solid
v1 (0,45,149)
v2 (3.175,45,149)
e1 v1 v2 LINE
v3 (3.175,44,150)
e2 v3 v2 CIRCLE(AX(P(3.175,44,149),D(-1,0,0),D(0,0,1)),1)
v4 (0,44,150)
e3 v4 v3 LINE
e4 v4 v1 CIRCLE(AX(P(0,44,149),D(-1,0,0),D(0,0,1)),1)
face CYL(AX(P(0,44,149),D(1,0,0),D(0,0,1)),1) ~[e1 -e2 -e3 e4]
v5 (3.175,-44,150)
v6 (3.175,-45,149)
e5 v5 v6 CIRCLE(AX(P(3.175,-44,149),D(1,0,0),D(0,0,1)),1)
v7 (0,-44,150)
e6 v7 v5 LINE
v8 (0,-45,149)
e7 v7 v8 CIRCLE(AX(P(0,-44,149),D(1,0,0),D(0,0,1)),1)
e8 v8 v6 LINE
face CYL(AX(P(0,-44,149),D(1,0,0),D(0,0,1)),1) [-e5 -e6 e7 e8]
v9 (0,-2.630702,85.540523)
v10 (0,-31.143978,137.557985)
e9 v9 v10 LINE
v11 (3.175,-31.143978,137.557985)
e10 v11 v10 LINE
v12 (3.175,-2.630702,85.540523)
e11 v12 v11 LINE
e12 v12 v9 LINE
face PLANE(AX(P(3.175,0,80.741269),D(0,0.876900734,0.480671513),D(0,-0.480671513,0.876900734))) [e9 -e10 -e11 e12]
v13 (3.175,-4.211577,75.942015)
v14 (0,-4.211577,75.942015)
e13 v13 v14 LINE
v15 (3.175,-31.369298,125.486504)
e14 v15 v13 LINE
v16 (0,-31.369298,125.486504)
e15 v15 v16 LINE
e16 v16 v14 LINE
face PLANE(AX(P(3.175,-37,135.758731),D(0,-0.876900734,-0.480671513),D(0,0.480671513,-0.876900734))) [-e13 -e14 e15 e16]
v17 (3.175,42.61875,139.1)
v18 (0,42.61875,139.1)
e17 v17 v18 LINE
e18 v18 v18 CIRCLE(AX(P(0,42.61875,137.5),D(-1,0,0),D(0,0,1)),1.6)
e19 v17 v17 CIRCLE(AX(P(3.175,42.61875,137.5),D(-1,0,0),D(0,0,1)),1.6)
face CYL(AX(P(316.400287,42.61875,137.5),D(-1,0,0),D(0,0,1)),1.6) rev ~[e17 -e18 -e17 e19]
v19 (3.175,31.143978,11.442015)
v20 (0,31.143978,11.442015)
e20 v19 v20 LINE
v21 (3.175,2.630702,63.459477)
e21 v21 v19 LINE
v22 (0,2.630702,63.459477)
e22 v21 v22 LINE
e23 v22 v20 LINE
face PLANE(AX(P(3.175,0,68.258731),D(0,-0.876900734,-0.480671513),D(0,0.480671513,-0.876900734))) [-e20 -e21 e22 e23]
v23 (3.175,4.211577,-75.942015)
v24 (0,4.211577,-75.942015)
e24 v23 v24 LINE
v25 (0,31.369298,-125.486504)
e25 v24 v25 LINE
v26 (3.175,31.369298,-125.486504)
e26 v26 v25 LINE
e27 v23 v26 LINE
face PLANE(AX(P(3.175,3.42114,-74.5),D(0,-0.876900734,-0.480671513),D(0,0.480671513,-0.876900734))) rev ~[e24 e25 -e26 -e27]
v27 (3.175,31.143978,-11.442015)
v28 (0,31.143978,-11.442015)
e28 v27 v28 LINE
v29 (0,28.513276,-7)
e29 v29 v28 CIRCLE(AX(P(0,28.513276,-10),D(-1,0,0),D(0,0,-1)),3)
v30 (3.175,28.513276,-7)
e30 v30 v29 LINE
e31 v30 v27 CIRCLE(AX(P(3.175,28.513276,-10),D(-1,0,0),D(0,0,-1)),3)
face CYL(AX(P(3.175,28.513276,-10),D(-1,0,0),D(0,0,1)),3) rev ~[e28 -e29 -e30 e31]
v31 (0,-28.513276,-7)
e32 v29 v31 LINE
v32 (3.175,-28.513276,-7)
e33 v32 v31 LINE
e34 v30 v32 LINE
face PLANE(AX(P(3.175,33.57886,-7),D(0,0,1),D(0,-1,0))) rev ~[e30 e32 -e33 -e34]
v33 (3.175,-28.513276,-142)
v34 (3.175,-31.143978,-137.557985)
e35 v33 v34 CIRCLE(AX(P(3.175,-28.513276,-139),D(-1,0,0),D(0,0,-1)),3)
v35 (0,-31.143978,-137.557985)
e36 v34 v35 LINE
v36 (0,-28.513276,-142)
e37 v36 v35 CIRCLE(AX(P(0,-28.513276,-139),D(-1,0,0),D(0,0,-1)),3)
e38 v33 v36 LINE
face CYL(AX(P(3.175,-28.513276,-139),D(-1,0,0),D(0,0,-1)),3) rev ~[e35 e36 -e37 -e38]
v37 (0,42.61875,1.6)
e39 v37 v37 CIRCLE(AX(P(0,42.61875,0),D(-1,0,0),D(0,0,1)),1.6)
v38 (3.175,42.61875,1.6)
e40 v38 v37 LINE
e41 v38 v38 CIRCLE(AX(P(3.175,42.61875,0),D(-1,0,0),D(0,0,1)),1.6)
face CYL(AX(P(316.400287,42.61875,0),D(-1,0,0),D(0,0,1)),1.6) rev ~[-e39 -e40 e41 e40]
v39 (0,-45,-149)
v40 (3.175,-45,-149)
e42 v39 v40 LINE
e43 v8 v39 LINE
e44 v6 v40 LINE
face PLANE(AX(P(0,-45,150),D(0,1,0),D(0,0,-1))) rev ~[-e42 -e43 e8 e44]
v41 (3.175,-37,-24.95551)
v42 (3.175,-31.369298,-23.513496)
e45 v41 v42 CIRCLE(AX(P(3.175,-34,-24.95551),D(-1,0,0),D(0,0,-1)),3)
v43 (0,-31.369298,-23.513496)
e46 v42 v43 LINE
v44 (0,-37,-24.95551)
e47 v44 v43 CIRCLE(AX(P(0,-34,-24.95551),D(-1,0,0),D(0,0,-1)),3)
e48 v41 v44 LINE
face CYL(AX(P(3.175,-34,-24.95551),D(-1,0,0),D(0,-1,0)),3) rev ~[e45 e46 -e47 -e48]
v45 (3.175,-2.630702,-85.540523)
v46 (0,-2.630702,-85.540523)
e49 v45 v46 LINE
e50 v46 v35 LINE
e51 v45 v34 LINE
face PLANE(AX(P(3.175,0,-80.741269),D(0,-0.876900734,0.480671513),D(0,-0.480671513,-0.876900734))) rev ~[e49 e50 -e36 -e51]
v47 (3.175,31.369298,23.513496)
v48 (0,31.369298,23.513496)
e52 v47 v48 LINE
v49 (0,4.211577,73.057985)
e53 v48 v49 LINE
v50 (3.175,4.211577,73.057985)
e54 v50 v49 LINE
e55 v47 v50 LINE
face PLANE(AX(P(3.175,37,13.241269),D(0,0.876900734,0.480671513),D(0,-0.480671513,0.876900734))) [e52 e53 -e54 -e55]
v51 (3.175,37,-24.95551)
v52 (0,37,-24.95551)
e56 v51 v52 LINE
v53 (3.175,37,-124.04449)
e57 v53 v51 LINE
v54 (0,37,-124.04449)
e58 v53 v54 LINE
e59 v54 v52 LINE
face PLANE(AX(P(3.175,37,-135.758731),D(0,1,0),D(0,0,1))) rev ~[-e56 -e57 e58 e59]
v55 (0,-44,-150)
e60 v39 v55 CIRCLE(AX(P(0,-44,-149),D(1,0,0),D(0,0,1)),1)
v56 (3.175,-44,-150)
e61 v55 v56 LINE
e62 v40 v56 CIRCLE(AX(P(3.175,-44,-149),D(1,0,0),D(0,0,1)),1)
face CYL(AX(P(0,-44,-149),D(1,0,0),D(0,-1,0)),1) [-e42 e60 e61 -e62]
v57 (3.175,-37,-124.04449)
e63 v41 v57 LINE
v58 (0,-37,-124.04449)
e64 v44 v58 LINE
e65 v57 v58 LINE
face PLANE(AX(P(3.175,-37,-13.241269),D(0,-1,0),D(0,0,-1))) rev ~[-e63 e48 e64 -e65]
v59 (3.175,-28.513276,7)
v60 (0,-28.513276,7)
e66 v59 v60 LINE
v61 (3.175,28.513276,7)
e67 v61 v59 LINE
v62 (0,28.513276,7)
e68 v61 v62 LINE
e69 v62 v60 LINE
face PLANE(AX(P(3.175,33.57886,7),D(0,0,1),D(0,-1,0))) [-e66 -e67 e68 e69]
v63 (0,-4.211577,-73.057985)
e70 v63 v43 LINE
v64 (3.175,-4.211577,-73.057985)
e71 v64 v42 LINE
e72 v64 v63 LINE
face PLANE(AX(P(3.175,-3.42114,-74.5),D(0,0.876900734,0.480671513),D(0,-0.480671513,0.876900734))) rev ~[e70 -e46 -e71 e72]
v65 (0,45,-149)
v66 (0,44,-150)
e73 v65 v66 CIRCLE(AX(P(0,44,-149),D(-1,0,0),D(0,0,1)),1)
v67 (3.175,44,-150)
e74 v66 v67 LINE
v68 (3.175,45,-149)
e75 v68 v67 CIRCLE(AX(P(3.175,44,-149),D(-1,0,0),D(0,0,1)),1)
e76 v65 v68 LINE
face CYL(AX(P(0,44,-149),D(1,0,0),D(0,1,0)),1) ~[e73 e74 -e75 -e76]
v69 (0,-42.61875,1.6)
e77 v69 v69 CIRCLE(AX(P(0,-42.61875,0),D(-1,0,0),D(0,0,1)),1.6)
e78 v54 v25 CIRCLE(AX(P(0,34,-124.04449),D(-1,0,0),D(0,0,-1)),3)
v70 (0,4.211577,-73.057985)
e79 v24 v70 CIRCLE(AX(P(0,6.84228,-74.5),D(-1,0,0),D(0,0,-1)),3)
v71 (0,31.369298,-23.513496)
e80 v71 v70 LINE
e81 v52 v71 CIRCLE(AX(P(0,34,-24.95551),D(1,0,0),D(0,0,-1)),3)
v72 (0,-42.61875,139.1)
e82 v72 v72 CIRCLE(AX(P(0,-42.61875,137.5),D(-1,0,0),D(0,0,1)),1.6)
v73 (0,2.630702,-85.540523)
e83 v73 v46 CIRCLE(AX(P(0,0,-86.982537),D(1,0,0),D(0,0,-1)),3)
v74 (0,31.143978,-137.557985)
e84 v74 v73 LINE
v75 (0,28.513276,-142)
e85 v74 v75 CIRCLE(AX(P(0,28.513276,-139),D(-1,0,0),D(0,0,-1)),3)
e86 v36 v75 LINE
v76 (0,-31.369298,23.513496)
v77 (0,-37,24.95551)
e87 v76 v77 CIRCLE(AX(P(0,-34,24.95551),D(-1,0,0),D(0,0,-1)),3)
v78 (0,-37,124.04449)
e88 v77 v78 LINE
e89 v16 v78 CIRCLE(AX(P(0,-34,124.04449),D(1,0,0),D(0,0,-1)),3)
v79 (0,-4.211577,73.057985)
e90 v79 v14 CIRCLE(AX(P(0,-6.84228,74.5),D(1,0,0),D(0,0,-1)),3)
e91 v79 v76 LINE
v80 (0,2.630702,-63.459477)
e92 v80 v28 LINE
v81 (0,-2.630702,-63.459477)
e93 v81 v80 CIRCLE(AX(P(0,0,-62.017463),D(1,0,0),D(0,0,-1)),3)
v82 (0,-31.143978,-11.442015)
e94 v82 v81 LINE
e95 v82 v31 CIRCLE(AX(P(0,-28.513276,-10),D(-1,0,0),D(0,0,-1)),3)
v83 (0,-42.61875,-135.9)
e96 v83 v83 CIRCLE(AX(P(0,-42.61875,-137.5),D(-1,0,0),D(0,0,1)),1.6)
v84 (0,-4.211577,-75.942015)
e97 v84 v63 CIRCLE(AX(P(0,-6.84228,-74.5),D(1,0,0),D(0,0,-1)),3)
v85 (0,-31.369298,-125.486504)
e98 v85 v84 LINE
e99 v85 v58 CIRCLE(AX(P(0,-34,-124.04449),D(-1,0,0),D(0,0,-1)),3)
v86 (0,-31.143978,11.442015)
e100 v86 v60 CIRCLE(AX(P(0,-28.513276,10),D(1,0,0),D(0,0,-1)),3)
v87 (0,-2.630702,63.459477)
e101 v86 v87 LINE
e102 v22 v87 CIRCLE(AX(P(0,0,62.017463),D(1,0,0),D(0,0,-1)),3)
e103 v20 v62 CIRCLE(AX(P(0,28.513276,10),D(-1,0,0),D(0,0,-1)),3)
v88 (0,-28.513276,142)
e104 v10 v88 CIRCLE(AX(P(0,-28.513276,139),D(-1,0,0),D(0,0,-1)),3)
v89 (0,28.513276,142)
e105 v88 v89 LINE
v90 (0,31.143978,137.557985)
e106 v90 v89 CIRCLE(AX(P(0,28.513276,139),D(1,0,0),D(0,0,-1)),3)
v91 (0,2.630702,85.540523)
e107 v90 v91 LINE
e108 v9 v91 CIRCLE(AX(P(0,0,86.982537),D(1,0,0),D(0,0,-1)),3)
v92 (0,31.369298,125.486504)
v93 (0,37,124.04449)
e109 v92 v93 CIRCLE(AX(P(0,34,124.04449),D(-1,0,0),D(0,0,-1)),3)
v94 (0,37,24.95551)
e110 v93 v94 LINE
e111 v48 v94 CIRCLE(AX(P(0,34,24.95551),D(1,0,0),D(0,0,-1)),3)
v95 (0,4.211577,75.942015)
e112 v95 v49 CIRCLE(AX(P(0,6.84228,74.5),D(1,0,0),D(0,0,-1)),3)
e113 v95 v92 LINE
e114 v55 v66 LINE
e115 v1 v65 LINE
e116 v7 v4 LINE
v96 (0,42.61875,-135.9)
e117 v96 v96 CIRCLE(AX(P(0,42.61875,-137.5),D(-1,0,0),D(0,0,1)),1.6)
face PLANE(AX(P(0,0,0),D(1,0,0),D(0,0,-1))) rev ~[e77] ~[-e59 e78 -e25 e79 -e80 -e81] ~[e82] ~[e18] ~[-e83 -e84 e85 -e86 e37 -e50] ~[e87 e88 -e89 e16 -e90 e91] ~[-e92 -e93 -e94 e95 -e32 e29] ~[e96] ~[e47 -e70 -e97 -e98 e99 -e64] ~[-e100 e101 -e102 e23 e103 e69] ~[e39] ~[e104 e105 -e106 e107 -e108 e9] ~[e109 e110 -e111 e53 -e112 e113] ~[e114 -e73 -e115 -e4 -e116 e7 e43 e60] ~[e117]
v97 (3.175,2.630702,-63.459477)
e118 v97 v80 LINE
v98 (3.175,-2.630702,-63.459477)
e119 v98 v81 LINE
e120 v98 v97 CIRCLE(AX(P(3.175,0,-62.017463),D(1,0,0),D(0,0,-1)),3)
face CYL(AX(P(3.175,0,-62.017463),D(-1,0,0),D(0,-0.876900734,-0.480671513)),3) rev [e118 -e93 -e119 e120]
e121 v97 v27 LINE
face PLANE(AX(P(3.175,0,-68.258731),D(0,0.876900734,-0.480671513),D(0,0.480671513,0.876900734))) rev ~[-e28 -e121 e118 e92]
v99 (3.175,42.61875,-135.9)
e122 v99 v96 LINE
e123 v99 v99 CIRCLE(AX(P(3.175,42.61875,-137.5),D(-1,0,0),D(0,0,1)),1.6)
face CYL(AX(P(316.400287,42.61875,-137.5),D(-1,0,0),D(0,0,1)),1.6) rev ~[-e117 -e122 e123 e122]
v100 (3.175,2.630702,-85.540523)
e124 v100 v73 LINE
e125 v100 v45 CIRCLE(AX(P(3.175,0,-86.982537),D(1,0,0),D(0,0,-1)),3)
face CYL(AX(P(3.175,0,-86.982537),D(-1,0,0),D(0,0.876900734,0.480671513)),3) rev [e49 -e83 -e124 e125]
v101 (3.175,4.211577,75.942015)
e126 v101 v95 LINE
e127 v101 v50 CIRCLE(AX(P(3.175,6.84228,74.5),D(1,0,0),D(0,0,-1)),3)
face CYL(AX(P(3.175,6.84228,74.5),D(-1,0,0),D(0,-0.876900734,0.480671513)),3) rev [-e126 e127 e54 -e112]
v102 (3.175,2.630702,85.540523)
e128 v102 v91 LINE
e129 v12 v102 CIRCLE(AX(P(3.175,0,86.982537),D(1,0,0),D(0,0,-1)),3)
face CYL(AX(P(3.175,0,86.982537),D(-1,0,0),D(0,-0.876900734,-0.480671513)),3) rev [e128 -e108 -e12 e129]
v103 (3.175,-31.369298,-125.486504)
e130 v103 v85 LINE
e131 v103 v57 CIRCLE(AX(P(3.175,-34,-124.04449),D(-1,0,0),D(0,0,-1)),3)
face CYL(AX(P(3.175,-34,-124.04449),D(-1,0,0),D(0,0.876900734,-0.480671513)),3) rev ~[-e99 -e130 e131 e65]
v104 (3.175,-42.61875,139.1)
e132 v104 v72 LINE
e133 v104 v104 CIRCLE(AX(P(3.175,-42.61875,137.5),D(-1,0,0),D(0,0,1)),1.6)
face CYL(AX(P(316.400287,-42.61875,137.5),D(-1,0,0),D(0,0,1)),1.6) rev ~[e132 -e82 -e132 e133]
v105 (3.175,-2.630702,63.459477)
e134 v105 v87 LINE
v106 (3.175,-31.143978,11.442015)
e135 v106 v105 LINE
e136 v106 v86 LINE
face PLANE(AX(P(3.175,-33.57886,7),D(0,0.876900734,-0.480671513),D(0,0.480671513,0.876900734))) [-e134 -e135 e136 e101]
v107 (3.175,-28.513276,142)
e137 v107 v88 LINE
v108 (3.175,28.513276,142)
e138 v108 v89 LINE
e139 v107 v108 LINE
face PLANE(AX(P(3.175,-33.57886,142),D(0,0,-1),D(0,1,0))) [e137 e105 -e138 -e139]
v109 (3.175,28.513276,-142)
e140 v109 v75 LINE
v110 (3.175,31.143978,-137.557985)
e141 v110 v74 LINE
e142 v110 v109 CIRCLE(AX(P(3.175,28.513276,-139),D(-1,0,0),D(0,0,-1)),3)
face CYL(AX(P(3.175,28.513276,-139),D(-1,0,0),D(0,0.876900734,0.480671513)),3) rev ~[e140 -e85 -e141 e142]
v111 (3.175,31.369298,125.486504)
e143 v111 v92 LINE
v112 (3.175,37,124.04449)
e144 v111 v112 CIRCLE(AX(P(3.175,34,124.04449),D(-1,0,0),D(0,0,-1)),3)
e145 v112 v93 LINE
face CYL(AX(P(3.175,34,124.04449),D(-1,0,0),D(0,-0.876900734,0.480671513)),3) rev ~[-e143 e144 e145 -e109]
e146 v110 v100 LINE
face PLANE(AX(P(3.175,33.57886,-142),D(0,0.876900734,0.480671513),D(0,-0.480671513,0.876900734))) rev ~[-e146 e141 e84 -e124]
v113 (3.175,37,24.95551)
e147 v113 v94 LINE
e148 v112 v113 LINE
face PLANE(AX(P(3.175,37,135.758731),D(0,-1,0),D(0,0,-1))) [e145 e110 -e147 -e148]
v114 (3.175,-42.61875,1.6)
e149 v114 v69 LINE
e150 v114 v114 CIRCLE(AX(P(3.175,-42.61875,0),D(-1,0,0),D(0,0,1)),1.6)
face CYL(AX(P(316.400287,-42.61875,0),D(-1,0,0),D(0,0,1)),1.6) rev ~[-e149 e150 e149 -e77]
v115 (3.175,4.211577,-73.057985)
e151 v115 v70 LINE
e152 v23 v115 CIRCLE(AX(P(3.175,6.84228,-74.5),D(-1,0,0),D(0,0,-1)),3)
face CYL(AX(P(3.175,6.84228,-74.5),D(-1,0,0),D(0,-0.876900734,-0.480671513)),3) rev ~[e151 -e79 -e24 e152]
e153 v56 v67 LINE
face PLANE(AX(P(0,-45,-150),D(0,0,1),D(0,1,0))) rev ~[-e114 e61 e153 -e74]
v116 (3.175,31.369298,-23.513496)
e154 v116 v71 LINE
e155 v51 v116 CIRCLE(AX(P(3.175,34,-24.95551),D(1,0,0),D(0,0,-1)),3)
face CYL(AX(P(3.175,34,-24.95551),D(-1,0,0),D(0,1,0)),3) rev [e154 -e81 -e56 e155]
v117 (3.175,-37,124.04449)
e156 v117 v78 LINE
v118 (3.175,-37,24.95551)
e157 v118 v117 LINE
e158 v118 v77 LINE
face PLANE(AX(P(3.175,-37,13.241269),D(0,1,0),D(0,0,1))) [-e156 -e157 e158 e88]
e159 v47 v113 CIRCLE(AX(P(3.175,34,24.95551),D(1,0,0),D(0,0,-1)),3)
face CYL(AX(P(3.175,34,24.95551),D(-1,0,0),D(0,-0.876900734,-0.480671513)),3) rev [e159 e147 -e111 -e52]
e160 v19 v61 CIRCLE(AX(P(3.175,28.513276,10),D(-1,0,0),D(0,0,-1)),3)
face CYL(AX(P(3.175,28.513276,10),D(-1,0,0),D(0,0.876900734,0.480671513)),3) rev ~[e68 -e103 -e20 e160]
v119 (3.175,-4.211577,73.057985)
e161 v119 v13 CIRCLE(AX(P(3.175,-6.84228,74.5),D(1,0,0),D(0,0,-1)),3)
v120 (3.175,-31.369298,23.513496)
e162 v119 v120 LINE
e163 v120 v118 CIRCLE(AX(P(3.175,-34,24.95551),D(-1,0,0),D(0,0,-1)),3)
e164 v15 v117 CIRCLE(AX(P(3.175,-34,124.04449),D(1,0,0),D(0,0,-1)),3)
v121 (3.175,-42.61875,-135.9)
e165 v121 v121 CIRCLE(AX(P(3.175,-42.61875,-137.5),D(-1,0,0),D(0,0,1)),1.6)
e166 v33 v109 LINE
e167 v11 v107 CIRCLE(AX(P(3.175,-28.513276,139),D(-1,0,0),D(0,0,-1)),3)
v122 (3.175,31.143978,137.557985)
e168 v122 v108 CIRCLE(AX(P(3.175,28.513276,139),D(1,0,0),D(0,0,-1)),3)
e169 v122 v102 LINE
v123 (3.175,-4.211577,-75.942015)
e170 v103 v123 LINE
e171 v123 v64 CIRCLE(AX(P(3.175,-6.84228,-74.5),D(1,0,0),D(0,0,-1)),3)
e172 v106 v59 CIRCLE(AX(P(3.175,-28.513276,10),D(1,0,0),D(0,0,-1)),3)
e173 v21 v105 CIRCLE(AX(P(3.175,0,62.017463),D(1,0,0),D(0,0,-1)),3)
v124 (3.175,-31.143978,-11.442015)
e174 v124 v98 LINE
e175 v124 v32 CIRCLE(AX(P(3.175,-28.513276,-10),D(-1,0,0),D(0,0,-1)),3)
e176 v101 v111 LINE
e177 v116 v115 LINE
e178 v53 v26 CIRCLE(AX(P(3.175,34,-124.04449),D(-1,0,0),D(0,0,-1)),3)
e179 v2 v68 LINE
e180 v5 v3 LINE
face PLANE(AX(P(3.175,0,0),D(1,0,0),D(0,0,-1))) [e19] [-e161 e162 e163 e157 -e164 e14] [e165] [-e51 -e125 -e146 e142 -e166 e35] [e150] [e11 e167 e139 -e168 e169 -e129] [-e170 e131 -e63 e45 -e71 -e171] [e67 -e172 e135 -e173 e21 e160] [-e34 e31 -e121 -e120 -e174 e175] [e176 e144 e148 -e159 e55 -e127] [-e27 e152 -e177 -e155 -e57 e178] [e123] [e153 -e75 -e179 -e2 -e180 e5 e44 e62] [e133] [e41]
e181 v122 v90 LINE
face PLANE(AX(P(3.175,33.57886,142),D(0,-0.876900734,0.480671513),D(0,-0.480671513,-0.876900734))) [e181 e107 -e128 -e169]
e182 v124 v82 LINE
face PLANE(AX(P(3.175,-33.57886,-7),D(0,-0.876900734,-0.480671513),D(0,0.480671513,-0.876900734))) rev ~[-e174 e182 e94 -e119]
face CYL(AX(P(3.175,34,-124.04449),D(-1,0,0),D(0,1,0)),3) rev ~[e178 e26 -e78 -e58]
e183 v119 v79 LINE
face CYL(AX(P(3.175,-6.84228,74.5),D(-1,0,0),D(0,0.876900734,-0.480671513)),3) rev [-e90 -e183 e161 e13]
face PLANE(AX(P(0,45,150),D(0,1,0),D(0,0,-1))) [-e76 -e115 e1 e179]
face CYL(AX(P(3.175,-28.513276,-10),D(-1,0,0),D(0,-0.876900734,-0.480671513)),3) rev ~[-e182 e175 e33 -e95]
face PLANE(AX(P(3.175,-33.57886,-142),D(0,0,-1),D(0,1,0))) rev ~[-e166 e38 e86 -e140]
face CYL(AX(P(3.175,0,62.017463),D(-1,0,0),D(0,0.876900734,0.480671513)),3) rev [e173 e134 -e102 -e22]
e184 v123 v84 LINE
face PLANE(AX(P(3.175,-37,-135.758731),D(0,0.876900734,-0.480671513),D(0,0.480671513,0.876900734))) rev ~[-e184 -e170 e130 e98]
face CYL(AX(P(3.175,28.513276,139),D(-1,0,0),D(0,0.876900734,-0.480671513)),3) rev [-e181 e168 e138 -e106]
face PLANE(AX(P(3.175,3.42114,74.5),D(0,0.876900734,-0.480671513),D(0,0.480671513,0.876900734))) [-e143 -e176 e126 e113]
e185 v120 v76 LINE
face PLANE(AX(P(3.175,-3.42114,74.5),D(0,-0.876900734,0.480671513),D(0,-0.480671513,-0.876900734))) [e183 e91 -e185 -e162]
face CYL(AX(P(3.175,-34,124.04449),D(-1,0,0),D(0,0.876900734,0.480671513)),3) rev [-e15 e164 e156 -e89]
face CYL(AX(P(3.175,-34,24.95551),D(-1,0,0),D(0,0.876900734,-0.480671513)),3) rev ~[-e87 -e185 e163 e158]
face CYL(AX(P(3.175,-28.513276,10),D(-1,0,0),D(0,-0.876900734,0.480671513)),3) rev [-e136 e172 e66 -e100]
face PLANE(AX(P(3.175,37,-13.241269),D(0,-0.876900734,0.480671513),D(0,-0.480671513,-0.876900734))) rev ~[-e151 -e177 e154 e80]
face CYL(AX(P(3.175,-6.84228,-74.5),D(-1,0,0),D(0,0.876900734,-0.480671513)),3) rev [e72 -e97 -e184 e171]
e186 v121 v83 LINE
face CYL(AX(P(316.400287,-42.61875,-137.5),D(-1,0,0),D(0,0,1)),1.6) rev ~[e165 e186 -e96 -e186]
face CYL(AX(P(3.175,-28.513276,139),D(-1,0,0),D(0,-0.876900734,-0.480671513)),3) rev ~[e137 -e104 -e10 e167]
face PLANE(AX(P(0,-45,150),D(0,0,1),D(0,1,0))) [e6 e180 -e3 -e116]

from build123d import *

# Parameters (mm, degrees)
SKETCH2_W            = 300
SKETCH2_H            = 90
BOSS_EXTRUDE1_DEPTH  = 3.175
CUT_EXTRUDE2_DEPTH   = 157.636779286
M3_CLEARANCE_HOLE1_D = 3.2
FILLET1_R            = 3
FILLET2_R            = 1


with BuildPart() as part:
    # Sketch2 → Boss-Extrude1 (new body)
    with BuildSketch(Plane(origin=(0, 0, 0), x_dir=(0, 0, -1), z_dir=(1, 0, 0))):
        Rectangle(SKETCH2_W, SKETCH2_H)
    extrude(amount=BOSS_EXTRUDE1_DEPTH)

    # Sketch4 → Cut-Extrude2 (cut, through all)
    with BuildSketch(Plane(origin=(3.175, 0, 0), x_dir=(0, 0, -1), z_dir=(1, 0, 0))):
        Polygon((-135.758731446, 37), (-13.241268554, 37), (-74.5, 3.4211398), align=None)
        Polygon((-7, 33.5788602), (-7, -33.5788602), (-68.258731446, 0), align=None)
        Polygon((-13.241268554, -37), (-135.758731446, -37), (-74.5, -3.4211398), align=None)
        Polygon((-142, -33.5788602), (-142, 33.5788602), (-80.741268554, 0), align=None)
        Polygon((135.758731446, 37), (13.241268554, 37), (74.5, 3.4211398), align=None)
        Polygon((142, 33.5788602), (80.741268554, 0), (142, -33.5788602), align=None)
        Polygon((135.758731446, -37), (74.5, -3.4211398), (13.241268554, -37), align=None)
        Polygon((7, -33.5788602), (68.258731446, 0), (7, 33.5788602), align=None)
    extrude(amount=-CUT_EXTRUDE2_DEPTH, mode=Mode.SUBTRACT)

    # M3 Clearance Hole1 (through all)
    with Locations(Plane(origin=(3.175, 0, 0), x_dir=(0, 0, -1), z_dir=(1, 0, 0))):
        with Locations((-137.5, 42.61875), (137.5, 42.61875), (137.5, -42.61875), (-137.5, -42.61875), (0, 42.61875), (0, -42.61875)):
            Hole(M3_CLEARANCE_HOLE1_D / 2)

    # Fillet1
    fillet1_edges = [part.edges().sort_by_distance(p)[0] for p in [
        (1.5875, 37, -135.758731446),
        (1.5875, 3.4211398, -74.5),
        (1.5875, 37, -13.241268554),
        (1.5875, 0, 80.741268554),
        (1.5875, -33.5788602, 142),
        (1.5875, 33.5788602, 142),
        (1.5875, 0, 68.258731446),
        (1.5875, 33.5788602, 7),
        (1.5875, -33.5788602, 7),
        (1.5875, -3.4211398, 74.5),
        (1.5875, -37, 13.241268554),
        (1.5875, -37, 135.758731446),
        (1.5875, -33.5788602, -7),
        (1.5875, 33.5788602, -7),
        (1.5875, 0, -68.258731446),
        (1.5875, 33.5788602, -142),
        (1.5875, -33.5788602, -142),
        (1.5875, 0, -80.741268554),
        (1.5875, -37, -135.758731446),
        (1.5875, -37, -13.241268554),
        (1.5875, -3.4211398, -74.5),
        (1.5875, 3.4211398, 74.5),
        (1.5875, 37, 135.758731446),
        (1.5875, 37, 13.241268554),
    ]]
    fillet(fillet1_edges, radius=FILLET1_R)

    # Fillet2
    fillet2_edges = [part.edges().sort_by_distance(p)[0] for p in [
        (1.5875, -45, -150),
        (1.5875, -45, 150),
        (1.5875, 45, 150),
        (1.5875, 45, -150),
    ]]
    fillet(fillet2_edges, radius=FILLET2_R)


solid = part.part
